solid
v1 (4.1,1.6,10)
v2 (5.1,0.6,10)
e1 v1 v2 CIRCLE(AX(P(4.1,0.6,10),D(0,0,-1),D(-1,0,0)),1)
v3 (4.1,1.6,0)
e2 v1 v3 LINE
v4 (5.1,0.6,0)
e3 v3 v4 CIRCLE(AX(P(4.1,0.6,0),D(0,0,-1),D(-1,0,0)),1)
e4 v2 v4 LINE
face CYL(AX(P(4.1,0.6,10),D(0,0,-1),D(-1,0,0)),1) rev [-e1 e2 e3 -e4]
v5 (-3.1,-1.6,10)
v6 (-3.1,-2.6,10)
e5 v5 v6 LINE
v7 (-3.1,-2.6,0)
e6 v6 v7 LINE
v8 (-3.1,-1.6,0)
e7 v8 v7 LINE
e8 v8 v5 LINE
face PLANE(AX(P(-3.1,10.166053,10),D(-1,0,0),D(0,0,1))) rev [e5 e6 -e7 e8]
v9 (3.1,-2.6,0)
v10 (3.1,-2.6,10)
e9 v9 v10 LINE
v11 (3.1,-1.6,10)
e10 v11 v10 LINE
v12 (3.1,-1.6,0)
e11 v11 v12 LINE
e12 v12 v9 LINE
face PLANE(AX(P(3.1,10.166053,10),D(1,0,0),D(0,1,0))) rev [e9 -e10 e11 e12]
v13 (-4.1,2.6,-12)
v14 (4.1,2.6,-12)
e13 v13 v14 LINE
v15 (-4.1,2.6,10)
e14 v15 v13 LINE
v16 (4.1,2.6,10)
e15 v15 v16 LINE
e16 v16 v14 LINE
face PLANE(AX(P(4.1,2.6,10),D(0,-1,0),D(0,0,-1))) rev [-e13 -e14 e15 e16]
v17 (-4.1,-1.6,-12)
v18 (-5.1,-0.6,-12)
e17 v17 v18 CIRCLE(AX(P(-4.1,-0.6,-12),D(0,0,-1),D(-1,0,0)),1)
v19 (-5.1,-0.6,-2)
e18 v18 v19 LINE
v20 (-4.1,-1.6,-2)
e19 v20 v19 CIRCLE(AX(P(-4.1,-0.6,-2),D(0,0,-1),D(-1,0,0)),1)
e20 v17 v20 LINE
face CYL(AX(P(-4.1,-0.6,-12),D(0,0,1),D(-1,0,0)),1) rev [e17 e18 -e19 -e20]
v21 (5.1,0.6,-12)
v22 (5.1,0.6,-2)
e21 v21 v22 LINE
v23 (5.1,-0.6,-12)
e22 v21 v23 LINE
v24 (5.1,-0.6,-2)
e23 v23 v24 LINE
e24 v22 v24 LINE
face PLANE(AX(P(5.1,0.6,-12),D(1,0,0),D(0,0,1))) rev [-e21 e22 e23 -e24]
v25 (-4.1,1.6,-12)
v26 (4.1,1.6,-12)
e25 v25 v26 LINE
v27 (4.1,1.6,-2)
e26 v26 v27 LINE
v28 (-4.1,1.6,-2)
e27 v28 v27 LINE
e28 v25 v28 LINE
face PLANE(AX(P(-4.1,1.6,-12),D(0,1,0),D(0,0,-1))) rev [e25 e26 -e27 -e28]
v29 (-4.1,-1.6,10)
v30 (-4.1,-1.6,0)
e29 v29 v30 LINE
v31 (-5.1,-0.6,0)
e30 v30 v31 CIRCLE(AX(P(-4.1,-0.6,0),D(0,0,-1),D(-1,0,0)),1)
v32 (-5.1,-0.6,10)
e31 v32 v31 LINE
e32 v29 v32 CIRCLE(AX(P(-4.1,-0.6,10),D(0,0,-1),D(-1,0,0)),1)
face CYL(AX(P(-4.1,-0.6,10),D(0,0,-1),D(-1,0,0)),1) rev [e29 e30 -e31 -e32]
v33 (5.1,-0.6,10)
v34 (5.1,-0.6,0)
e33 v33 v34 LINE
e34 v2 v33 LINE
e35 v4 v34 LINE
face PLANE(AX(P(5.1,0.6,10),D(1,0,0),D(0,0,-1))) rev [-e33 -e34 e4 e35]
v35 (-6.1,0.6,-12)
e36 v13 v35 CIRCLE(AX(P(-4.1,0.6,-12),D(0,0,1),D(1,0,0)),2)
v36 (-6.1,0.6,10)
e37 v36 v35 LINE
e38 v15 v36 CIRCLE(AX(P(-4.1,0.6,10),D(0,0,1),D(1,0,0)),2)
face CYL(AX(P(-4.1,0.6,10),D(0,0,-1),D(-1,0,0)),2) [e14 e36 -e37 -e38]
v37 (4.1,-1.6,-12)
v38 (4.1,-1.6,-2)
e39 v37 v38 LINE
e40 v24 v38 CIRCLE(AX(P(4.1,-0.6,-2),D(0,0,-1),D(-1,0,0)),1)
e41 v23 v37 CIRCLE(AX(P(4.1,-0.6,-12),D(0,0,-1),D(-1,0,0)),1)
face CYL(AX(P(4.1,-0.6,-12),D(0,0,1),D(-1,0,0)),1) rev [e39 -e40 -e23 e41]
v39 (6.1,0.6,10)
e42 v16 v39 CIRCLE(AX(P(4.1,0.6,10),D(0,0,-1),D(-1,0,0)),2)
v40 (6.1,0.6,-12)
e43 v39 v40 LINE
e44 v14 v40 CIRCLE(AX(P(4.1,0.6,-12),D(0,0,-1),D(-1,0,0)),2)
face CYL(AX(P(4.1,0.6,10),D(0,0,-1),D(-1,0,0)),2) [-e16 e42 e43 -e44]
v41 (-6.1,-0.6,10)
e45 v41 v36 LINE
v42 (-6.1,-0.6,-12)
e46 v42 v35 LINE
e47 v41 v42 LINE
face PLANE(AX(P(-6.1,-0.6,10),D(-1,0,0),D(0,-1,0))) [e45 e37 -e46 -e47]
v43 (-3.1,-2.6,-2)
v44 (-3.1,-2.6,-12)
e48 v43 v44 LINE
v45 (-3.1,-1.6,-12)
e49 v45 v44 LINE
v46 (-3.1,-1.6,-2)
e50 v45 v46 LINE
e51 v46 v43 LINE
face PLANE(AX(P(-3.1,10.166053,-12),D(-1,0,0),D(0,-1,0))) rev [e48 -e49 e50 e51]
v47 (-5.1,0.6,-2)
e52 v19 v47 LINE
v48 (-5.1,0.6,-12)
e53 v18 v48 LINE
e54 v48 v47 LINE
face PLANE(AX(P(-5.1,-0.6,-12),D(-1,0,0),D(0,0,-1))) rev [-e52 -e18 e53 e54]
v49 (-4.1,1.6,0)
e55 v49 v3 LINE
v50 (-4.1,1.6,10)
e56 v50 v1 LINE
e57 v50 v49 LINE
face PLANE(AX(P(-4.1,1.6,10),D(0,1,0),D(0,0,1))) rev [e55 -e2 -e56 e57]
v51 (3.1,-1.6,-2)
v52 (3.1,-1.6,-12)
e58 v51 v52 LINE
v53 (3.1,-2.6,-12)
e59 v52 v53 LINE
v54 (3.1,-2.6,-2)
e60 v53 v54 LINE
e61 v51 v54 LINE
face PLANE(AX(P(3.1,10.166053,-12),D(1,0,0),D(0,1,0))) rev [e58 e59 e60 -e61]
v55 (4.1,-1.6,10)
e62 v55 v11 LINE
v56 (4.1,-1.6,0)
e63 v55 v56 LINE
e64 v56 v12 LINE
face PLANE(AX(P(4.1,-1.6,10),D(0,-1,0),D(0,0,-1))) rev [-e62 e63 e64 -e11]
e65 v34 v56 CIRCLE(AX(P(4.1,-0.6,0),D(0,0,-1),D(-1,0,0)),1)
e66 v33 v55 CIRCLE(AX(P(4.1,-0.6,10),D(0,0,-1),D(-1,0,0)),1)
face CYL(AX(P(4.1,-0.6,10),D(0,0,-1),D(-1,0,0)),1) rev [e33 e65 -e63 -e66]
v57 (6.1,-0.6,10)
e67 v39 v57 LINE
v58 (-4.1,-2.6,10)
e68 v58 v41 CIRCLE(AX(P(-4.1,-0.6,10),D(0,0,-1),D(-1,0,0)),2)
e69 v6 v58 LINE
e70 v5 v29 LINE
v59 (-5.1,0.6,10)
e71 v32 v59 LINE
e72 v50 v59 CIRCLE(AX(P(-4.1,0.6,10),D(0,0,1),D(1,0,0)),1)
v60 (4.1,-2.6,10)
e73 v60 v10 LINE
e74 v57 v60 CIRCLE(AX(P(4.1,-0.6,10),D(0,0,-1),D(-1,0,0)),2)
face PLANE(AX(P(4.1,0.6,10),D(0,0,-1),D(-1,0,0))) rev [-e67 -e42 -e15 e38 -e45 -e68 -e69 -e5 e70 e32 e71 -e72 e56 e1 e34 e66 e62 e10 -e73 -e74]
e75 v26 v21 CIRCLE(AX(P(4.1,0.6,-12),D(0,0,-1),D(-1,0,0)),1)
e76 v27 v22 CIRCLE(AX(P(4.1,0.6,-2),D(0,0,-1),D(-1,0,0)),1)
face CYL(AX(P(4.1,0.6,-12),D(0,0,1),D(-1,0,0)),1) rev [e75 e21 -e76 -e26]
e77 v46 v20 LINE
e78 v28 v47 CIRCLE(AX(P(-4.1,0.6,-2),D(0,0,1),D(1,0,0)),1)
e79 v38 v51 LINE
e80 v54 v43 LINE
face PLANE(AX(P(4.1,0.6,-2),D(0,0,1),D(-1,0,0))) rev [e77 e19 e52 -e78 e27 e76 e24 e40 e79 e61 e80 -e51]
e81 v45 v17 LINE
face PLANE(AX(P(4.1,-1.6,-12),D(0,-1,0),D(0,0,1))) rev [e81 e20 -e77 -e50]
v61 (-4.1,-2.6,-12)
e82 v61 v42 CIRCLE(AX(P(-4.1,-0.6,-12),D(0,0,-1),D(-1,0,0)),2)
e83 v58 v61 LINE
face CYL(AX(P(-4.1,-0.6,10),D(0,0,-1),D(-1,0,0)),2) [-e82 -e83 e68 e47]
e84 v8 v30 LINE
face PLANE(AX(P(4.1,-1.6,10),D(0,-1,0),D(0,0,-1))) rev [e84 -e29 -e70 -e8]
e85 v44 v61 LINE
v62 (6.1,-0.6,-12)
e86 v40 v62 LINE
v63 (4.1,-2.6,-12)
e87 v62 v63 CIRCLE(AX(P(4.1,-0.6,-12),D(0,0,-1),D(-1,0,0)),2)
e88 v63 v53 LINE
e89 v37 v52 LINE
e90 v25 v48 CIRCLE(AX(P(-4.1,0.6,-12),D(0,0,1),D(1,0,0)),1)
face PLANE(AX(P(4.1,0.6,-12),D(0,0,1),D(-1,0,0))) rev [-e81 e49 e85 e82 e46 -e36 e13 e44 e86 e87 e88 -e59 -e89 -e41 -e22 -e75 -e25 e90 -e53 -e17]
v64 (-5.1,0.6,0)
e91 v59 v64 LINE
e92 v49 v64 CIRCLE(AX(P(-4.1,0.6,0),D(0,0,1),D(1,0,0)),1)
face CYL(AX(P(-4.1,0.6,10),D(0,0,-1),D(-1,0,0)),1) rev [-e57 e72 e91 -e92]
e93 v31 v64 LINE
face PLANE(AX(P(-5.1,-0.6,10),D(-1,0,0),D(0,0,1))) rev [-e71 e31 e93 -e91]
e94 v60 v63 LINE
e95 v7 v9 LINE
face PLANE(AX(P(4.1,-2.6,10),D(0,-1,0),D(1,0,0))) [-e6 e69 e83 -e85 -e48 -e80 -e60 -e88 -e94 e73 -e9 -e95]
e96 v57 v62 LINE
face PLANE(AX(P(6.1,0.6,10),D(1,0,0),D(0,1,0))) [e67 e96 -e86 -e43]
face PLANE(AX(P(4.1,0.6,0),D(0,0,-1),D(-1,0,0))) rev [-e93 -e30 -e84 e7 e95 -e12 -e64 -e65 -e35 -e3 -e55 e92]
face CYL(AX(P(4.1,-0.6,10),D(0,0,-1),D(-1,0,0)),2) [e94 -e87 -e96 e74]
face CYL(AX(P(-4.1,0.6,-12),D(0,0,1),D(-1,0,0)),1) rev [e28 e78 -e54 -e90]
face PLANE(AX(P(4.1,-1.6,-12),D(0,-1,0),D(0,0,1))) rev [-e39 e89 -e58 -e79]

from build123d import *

# Parameters (mm, degrees)
BOSS_EXTRU_2_DEPTH      = 10
BOSS_EXTRU_4_DEPTH      = 1
ESQUISSE5_W             = 6.2
ESQUISSE5_H             = 10
ENL_V_MAT_EXTRU_1_DEPTH = 1


with BuildPart() as part:
    # Esquisse1 → Boss.-Extru.2 (new body)
    with BuildSketch(Plane.XY):
        with BuildLine():
            Line((6.1, -0.6), (6.1, 0.6))
            ThreePointArc((6.1, 0.6), (5.514213562, 2.014213562), (4.1, 2.6))
            Line((4.1, 2.6), (-2.332050808, 2.6))
            Line((-2.332050808, 2.6), (-4.1, 2.6))
            ThreePointArc((-4.1, 2.6), (-5.514213562, 2.014213562), (-6.1, 0.6))
            Line((-6.1, 0.6), (-6.1, -0.6))
            ThreePointArc((-6.1, -0.6), (-5.514213562, -2.014213562), (-4.1, -2.6))
            Line((-4.1, -2.6), (4.1, -2.6))
            ThreePointArc((4.1, -2.6), (5.514213562, -2.014213562), (6.1, -0.6))
        make_face()
        with BuildLine():
            ThreePointArc((4.1, 1.6), (4.807106781, 1.307106781), (5.1, 0.6))
            Line((5.1, 0.6), (5.1, -0.6))
            ThreePointArc((5.1, -0.6), (4.807106781, -1.307106781), (4.1, -1.6))
            Line((4.1, -1.6), (-4.1, -1.6))
            ThreePointArc((-4.1, -1.6), (-4.807106781, -1.307106781), (-5.1, -0.6))
            Line((-5.1, -0.6), (-5.1, 0.6))
            ThreePointArc((-5.1, 0.6), (-4.807106781, 1.307106781), (-4.1, 1.6))
            Line((-4.1, 1.6), (4.1, 1.6))
        make_face(mode=Mode.SUBTRACT)
    boss_extru_2 = extrude(amount=BOSS_EXTRU_2_DEPTH)

    # Esquisse7 → Boss.-Extru.4 (add)
    with BuildSketch(Plane(origin=(0, 0, 0), x_dir=(-1, 0, 0), z_dir=(0, 0, -1))):
        with BuildLine():
            Line((-6.1, 0.6), (-6.1, -0.6))
            ThreePointArc((-6.1, -0.6), (-5.514213562, -2.014213562), (-4.1, -2.6))
            Line((-4.1, -2.6), (4.1, -2.6))
            ThreePointArc((4.1, -2.6), (5.514213562, -2.014213562), (6.1, -0.6))
            Line((6.1, -0.6), (6.1, 0.6))
            ThreePointArc((6.1, 0.6), (5.514213562, 2.014213562), (4.1, 2.6))
            Line((4.1, 2.6), (-4.1, 2.6))
            ThreePointArc((-4.1, 2.6), (-5.514213562, 2.014213562), (-6.1, 0.6))
        make_face()
    boss_extru_4 = extrude(amount=BOSS_EXTRU_4_DEPTH)

    # Symétrie1: Boss.-Extru.2, Boss.-Extru.4 across plane
    add(boss_extru_2.mirror(Plane(origin=(4.1, 0.6, -1), x_dir=(1, 0, 0), z_dir=(0, 0, -1))))
    add(boss_extru_4.mirror(Plane(origin=(4.1, 0.6, -1), x_dir=(1, 0, 0), z_dir=(0, 0, -1))))

    # Esquisse5 → Enlèv. mat.-Extru.1 (cut)
    with BuildSketch(Plane.XZ.offset(2.6)):
        with Locations((0, -7)):
            Rectangle(ESQUISSE5_W, ESQUISSE5_H)
        with Locations((0, 5)):
            Rectangle(ESQUISSE5_W, ESQUISSE5_H)
    extrude(amount=-ENL_V_MAT_EXTRU_1_DEPTH, mode=Mode.SUBTRACT)


solid = part.part
